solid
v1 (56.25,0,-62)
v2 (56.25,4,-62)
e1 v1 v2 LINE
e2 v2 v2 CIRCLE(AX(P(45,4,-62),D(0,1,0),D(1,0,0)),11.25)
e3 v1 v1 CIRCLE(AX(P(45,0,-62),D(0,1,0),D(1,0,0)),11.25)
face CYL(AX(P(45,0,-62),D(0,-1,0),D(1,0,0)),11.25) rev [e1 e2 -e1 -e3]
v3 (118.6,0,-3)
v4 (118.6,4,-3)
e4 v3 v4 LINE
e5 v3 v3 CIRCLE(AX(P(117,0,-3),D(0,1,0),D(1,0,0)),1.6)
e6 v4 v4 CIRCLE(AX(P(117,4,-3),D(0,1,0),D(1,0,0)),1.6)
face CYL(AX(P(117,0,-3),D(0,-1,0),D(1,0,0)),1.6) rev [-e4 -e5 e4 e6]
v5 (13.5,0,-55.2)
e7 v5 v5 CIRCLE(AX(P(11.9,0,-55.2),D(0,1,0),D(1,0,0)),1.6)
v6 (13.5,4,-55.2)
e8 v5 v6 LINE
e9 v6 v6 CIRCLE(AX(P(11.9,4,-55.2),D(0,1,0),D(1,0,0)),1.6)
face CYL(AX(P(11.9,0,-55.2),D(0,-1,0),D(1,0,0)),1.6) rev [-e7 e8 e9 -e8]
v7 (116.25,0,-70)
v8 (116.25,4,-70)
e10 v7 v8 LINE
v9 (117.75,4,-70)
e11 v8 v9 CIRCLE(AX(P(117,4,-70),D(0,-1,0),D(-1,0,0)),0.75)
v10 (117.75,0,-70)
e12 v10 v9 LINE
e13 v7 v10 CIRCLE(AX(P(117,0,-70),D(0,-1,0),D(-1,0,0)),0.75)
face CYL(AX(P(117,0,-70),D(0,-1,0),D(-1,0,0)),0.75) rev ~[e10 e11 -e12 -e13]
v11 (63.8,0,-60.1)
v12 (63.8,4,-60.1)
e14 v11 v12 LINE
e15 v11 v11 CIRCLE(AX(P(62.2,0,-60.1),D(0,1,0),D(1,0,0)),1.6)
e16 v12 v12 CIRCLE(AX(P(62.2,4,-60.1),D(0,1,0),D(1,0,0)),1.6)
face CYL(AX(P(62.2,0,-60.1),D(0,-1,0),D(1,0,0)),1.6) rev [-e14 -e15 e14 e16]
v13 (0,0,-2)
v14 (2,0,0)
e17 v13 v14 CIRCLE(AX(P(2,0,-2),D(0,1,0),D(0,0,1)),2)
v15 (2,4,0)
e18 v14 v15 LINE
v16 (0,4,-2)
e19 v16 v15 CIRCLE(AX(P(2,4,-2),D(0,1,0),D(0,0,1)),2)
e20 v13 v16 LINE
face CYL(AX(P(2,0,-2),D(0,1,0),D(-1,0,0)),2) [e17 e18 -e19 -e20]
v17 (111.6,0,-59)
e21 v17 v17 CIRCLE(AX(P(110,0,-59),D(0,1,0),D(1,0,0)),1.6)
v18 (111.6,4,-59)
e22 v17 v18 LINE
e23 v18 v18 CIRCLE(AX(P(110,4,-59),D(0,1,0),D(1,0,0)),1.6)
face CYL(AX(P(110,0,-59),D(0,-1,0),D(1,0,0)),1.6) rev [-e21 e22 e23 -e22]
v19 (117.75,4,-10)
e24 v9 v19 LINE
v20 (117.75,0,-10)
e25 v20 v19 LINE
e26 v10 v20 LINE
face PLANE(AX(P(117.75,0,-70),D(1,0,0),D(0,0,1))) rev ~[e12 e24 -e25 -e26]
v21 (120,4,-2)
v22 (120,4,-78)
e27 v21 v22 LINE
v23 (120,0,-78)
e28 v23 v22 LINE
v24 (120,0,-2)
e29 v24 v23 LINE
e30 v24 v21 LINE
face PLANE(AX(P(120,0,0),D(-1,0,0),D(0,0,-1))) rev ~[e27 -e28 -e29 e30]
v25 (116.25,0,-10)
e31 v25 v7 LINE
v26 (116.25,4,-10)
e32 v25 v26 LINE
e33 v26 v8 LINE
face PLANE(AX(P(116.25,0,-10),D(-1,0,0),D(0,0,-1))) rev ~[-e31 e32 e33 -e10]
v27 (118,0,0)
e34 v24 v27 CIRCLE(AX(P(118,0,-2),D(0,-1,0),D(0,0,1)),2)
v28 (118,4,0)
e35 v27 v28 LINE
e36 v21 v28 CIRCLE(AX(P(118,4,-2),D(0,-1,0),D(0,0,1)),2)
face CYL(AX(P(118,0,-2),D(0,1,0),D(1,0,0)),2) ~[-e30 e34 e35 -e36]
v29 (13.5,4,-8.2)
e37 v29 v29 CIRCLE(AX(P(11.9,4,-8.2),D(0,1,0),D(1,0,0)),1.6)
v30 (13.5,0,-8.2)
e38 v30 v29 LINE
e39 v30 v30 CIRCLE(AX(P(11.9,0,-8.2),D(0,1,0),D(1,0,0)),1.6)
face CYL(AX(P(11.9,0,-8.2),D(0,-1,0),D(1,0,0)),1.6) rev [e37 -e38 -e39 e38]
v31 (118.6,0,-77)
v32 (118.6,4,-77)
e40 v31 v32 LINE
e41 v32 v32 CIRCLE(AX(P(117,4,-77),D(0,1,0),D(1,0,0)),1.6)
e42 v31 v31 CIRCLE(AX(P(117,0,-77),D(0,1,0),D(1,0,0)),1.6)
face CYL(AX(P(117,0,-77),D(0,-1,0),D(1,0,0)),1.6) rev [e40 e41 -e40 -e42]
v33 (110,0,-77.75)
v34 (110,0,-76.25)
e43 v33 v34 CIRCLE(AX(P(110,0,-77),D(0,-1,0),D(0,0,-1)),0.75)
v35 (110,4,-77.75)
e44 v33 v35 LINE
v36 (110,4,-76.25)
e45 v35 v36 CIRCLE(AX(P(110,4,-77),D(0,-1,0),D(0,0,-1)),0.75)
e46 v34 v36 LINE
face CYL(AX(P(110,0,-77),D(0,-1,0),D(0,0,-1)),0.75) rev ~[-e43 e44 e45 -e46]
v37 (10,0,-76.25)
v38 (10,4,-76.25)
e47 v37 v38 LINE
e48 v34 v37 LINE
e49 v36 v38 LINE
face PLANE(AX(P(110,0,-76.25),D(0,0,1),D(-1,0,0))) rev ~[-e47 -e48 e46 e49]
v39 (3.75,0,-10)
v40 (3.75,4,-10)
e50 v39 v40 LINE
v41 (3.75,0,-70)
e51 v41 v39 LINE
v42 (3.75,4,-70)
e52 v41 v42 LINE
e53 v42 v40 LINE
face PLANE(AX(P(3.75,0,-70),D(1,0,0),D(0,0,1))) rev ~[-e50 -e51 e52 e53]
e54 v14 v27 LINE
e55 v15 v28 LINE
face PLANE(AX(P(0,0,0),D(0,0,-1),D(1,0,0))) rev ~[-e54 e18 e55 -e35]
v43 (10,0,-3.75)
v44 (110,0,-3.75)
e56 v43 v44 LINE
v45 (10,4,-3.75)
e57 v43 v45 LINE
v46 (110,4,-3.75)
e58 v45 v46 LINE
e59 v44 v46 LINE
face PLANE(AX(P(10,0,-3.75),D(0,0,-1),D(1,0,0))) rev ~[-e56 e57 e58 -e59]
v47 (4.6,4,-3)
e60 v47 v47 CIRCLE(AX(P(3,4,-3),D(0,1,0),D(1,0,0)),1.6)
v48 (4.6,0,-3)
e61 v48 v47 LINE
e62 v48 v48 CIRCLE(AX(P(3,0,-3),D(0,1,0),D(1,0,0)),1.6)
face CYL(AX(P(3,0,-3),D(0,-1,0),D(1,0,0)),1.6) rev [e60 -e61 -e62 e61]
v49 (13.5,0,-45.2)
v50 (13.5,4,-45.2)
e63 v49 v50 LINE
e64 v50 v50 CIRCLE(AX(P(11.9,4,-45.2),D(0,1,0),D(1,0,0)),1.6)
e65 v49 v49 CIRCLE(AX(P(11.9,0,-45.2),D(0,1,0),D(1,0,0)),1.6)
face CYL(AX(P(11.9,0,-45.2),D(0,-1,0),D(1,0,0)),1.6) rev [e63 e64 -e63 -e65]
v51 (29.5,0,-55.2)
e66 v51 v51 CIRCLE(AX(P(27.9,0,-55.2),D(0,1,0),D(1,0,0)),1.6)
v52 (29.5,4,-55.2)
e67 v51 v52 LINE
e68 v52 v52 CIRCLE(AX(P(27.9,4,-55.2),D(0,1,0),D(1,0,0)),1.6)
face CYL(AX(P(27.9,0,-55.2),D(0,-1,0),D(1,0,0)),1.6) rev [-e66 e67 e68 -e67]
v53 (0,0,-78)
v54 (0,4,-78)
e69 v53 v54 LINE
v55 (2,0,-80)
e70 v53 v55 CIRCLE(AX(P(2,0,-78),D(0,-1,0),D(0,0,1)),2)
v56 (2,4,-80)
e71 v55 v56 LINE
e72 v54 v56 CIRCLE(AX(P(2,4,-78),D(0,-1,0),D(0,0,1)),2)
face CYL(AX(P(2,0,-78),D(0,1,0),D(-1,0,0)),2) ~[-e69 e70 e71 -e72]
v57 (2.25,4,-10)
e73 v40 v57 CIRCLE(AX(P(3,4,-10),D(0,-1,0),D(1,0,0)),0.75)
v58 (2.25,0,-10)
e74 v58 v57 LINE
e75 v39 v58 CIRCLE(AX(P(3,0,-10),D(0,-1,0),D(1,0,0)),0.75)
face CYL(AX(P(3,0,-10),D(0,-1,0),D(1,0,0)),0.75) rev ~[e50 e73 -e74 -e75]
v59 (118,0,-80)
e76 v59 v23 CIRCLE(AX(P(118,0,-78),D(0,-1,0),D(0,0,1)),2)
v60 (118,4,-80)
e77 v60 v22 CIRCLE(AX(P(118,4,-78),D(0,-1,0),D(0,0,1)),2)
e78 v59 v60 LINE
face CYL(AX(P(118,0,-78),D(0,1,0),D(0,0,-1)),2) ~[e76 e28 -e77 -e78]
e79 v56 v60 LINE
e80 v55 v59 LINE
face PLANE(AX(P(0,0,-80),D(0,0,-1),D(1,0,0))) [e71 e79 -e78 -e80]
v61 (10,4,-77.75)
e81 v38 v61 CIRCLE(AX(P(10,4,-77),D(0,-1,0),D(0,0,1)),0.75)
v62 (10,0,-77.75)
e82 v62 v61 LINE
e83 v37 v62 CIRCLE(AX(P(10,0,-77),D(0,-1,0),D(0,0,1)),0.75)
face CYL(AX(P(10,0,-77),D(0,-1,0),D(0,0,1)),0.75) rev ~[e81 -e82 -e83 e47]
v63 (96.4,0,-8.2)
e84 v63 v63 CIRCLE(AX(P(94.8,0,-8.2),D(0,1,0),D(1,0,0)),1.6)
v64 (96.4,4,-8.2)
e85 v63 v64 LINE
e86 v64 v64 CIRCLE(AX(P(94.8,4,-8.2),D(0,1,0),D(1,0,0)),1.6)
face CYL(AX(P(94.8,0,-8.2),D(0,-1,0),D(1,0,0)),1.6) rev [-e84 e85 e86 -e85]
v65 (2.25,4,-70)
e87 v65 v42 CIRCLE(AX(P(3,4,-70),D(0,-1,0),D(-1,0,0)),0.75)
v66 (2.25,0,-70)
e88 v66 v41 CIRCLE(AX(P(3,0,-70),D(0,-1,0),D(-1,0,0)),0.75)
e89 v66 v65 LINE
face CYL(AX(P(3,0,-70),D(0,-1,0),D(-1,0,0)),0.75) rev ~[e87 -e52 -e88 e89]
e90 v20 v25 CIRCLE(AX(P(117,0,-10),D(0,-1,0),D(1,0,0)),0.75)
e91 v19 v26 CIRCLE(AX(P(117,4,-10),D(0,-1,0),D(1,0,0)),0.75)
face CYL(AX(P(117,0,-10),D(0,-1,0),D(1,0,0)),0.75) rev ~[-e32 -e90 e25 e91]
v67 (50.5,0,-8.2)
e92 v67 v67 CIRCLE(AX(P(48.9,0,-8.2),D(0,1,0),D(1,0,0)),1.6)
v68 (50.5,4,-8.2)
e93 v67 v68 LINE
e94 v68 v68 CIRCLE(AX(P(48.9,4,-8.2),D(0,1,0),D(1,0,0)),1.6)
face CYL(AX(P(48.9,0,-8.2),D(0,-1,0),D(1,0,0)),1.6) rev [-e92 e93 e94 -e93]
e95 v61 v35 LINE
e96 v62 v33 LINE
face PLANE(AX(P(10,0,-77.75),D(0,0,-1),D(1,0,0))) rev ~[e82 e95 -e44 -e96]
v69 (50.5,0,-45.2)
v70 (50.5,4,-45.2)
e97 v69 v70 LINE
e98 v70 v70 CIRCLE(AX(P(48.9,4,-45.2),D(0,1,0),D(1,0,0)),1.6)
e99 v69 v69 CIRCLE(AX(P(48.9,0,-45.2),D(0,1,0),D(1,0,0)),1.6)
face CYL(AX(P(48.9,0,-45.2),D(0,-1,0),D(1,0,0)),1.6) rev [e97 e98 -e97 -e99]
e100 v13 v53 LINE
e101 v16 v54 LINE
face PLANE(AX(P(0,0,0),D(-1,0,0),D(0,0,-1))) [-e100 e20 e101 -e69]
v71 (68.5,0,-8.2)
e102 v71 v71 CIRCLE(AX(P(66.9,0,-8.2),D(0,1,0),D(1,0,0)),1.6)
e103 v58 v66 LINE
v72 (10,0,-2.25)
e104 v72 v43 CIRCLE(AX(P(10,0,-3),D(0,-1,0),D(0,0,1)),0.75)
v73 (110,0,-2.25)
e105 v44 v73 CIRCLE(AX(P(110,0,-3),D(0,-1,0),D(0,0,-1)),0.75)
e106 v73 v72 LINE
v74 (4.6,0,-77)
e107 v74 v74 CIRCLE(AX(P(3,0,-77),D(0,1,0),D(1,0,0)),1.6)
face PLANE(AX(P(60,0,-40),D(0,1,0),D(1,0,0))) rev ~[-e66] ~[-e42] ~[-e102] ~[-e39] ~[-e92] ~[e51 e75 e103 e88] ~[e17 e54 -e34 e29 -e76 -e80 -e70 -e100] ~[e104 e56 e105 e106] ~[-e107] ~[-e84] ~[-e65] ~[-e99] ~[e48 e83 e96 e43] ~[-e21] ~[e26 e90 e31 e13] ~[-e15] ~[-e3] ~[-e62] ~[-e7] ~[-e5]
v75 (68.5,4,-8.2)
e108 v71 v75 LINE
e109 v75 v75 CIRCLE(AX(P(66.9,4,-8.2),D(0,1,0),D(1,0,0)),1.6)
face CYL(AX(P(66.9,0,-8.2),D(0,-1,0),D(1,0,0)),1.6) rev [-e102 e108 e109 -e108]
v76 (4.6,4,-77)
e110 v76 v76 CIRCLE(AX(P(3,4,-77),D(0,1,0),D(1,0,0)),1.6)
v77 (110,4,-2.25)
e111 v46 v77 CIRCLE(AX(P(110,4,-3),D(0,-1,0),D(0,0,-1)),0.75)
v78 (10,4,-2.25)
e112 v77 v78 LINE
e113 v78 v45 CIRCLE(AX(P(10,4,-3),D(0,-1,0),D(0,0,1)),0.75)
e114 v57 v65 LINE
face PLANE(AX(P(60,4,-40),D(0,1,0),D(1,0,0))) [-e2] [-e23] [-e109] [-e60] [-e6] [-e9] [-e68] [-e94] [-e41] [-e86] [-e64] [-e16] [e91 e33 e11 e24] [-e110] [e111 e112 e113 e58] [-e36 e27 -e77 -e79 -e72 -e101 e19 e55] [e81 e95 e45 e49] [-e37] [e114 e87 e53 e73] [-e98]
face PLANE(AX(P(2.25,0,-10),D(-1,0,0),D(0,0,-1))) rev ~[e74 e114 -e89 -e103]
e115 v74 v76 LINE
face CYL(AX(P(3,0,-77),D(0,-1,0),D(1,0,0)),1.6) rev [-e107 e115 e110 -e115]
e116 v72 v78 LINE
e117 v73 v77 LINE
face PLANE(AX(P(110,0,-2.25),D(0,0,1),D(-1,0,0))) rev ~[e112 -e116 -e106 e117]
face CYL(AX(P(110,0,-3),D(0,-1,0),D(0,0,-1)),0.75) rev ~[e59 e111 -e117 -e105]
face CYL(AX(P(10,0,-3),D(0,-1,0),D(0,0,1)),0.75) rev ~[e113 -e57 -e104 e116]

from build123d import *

# Parameters (mm, degrees)
SKETCH1_W           = 120
SKETCH1_H           = 80
SKETCH1_R           = 1.6
SKETCH1_R_2         = 11.25
BOSS_EXTRUDE3_DEPTH = 4
FILLET5_R           = 2
FILLET6_R           = 2
FILLET7_R           = 2
FILLET8_R           = 2


with BuildPart() as part:
    # Sketch1 → Boss-Extrude3 (new body)
    with BuildSketch(Plane(origin=(0, 0, 0), x_dir=(1, 0, 0), z_dir=(0, 1, 0))):
        with Locations((60, 40)):
            Rectangle(SKETCH1_W, SKETCH1_H)
        with Locations((3, 77)):
            Circle(SKETCH1_R, mode=Mode.SUBTRACT)
        with Locations((3, 3)):
            Circle(SKETCH1_R, mode=Mode.SUBTRACT)
        with Locations((117, 77)):
            Circle(SKETCH1_R, mode=Mode.SUBTRACT)
        with Locations((117, 3)):
            Circle(SKETCH1_R, mode=Mode.SUBTRACT)
        with Locations((110, 59)):
            Circle(SKETCH1_R, mode=Mode.SUBTRACT)
        with Locations((94.8, 8.2)):
            Circle(SKETCH1_R, mode=Mode.SUBTRACT)
        with Locations((66.9, 8.2)):
            Circle(SKETCH1_R, mode=Mode.SUBTRACT)
        with Locations((11.9, 8.2)):
            Circle(SKETCH1_R, mode=Mode.SUBTRACT)
        with Locations((48.9, 8.2)):
            Circle(SKETCH1_R, mode=Mode.SUBTRACT)
        with Locations((11.9, 45.2)):
            Circle(SKETCH1_R, mode=Mode.SUBTRACT)
        with Locations((48.9, 45.2)):
            Circle(SKETCH1_R, mode=Mode.SUBTRACT)
        with Locations((11.9, 55.2)):
            Circle(SKETCH1_R, mode=Mode.SUBTRACT)
        with Locations((27.9, 55.2)):
            Circle(SKETCH1_R, mode=Mode.SUBTRACT)
        with Locations((45, 62)):
            Circle(SKETCH1_R_2, mode=Mode.SUBTRACT)
        with Locations((62.2, 60.1)):
            Circle(SKETCH1_R, mode=Mode.SUBTRACT)
        with BuildLine():
            Line((10, 77.75), (110, 77.75))
            ThreePointArc((110, 77.75), (110.75, 77), (110, 76.25))
            Line((110, 76.25), (10, 76.25))
            ThreePointArc((10, 76.25), (9.25, 77), (10, 77.75))
        make_face(mode=Mode.SUBTRACT)
        with BuildLine():
            Line((3.75, 70), (3.75, 10))
            ThreePointArc((3.75, 10), (3, 9.25), (2.25, 10))
            Line((2.25, 10), (2.25, 70))
            ThreePointArc((2.25, 70), (3, 70.75), (3.75, 70))
        make_face(mode=Mode.SUBTRACT)
        with BuildLine():
            Line((10, 3.75), (110, 3.75))
            ThreePointArc((110, 3.75), (110.75, 3), (110, 2.25))
            Line((110, 2.25), (10, 2.25))
            ThreePointArc((10, 2.25), (9.25, 3), (10, 3.75))
        make_face(mode=Mode.SUBTRACT)
        with BuildLine():
            Line((117.75, 70), (117.75, 10))
            ThreePointArc((117.75, 10), (117, 9.25), (116.25, 10))
            Line((116.25, 10), (116.25, 70))
            ThreePointArc((116.25, 70), (117, 70.75), (117.75, 70))
        make_face(mode=Mode.SUBTRACT)
    extrude(amount=BOSS_EXTRUDE3_DEPTH)

    # Fillet5
    fillet5_edges = [part.edges().sort_by_distance(p)[0] for p in [
        (0, 2, 0),
    ]]
    fillet(fillet5_edges, radius=FILLET5_R)

    # Fillet6
    fillet6_edges = [part.edges().sort_by_distance(p)[0] for p in [
        (0, 2, -80),
    ]]
    fillet(fillet6_edges, radius=FILLET6_R)

    # Fillet7
    fillet7_edges = [part.edges().sort_by_distance(p)[0] for p in [
        (120, 2, -80),
    ]]
    fillet(fillet7_edges, radius=FILLET7_R)

    # Fillet8
    fillet8_edges = [part.edges().sort_by_distance(p)[0] for p in [
        (120, 2, 0),
    ]]
    fillet(fillet8_edges, radius=FILLET8_R)


solid = part.part
